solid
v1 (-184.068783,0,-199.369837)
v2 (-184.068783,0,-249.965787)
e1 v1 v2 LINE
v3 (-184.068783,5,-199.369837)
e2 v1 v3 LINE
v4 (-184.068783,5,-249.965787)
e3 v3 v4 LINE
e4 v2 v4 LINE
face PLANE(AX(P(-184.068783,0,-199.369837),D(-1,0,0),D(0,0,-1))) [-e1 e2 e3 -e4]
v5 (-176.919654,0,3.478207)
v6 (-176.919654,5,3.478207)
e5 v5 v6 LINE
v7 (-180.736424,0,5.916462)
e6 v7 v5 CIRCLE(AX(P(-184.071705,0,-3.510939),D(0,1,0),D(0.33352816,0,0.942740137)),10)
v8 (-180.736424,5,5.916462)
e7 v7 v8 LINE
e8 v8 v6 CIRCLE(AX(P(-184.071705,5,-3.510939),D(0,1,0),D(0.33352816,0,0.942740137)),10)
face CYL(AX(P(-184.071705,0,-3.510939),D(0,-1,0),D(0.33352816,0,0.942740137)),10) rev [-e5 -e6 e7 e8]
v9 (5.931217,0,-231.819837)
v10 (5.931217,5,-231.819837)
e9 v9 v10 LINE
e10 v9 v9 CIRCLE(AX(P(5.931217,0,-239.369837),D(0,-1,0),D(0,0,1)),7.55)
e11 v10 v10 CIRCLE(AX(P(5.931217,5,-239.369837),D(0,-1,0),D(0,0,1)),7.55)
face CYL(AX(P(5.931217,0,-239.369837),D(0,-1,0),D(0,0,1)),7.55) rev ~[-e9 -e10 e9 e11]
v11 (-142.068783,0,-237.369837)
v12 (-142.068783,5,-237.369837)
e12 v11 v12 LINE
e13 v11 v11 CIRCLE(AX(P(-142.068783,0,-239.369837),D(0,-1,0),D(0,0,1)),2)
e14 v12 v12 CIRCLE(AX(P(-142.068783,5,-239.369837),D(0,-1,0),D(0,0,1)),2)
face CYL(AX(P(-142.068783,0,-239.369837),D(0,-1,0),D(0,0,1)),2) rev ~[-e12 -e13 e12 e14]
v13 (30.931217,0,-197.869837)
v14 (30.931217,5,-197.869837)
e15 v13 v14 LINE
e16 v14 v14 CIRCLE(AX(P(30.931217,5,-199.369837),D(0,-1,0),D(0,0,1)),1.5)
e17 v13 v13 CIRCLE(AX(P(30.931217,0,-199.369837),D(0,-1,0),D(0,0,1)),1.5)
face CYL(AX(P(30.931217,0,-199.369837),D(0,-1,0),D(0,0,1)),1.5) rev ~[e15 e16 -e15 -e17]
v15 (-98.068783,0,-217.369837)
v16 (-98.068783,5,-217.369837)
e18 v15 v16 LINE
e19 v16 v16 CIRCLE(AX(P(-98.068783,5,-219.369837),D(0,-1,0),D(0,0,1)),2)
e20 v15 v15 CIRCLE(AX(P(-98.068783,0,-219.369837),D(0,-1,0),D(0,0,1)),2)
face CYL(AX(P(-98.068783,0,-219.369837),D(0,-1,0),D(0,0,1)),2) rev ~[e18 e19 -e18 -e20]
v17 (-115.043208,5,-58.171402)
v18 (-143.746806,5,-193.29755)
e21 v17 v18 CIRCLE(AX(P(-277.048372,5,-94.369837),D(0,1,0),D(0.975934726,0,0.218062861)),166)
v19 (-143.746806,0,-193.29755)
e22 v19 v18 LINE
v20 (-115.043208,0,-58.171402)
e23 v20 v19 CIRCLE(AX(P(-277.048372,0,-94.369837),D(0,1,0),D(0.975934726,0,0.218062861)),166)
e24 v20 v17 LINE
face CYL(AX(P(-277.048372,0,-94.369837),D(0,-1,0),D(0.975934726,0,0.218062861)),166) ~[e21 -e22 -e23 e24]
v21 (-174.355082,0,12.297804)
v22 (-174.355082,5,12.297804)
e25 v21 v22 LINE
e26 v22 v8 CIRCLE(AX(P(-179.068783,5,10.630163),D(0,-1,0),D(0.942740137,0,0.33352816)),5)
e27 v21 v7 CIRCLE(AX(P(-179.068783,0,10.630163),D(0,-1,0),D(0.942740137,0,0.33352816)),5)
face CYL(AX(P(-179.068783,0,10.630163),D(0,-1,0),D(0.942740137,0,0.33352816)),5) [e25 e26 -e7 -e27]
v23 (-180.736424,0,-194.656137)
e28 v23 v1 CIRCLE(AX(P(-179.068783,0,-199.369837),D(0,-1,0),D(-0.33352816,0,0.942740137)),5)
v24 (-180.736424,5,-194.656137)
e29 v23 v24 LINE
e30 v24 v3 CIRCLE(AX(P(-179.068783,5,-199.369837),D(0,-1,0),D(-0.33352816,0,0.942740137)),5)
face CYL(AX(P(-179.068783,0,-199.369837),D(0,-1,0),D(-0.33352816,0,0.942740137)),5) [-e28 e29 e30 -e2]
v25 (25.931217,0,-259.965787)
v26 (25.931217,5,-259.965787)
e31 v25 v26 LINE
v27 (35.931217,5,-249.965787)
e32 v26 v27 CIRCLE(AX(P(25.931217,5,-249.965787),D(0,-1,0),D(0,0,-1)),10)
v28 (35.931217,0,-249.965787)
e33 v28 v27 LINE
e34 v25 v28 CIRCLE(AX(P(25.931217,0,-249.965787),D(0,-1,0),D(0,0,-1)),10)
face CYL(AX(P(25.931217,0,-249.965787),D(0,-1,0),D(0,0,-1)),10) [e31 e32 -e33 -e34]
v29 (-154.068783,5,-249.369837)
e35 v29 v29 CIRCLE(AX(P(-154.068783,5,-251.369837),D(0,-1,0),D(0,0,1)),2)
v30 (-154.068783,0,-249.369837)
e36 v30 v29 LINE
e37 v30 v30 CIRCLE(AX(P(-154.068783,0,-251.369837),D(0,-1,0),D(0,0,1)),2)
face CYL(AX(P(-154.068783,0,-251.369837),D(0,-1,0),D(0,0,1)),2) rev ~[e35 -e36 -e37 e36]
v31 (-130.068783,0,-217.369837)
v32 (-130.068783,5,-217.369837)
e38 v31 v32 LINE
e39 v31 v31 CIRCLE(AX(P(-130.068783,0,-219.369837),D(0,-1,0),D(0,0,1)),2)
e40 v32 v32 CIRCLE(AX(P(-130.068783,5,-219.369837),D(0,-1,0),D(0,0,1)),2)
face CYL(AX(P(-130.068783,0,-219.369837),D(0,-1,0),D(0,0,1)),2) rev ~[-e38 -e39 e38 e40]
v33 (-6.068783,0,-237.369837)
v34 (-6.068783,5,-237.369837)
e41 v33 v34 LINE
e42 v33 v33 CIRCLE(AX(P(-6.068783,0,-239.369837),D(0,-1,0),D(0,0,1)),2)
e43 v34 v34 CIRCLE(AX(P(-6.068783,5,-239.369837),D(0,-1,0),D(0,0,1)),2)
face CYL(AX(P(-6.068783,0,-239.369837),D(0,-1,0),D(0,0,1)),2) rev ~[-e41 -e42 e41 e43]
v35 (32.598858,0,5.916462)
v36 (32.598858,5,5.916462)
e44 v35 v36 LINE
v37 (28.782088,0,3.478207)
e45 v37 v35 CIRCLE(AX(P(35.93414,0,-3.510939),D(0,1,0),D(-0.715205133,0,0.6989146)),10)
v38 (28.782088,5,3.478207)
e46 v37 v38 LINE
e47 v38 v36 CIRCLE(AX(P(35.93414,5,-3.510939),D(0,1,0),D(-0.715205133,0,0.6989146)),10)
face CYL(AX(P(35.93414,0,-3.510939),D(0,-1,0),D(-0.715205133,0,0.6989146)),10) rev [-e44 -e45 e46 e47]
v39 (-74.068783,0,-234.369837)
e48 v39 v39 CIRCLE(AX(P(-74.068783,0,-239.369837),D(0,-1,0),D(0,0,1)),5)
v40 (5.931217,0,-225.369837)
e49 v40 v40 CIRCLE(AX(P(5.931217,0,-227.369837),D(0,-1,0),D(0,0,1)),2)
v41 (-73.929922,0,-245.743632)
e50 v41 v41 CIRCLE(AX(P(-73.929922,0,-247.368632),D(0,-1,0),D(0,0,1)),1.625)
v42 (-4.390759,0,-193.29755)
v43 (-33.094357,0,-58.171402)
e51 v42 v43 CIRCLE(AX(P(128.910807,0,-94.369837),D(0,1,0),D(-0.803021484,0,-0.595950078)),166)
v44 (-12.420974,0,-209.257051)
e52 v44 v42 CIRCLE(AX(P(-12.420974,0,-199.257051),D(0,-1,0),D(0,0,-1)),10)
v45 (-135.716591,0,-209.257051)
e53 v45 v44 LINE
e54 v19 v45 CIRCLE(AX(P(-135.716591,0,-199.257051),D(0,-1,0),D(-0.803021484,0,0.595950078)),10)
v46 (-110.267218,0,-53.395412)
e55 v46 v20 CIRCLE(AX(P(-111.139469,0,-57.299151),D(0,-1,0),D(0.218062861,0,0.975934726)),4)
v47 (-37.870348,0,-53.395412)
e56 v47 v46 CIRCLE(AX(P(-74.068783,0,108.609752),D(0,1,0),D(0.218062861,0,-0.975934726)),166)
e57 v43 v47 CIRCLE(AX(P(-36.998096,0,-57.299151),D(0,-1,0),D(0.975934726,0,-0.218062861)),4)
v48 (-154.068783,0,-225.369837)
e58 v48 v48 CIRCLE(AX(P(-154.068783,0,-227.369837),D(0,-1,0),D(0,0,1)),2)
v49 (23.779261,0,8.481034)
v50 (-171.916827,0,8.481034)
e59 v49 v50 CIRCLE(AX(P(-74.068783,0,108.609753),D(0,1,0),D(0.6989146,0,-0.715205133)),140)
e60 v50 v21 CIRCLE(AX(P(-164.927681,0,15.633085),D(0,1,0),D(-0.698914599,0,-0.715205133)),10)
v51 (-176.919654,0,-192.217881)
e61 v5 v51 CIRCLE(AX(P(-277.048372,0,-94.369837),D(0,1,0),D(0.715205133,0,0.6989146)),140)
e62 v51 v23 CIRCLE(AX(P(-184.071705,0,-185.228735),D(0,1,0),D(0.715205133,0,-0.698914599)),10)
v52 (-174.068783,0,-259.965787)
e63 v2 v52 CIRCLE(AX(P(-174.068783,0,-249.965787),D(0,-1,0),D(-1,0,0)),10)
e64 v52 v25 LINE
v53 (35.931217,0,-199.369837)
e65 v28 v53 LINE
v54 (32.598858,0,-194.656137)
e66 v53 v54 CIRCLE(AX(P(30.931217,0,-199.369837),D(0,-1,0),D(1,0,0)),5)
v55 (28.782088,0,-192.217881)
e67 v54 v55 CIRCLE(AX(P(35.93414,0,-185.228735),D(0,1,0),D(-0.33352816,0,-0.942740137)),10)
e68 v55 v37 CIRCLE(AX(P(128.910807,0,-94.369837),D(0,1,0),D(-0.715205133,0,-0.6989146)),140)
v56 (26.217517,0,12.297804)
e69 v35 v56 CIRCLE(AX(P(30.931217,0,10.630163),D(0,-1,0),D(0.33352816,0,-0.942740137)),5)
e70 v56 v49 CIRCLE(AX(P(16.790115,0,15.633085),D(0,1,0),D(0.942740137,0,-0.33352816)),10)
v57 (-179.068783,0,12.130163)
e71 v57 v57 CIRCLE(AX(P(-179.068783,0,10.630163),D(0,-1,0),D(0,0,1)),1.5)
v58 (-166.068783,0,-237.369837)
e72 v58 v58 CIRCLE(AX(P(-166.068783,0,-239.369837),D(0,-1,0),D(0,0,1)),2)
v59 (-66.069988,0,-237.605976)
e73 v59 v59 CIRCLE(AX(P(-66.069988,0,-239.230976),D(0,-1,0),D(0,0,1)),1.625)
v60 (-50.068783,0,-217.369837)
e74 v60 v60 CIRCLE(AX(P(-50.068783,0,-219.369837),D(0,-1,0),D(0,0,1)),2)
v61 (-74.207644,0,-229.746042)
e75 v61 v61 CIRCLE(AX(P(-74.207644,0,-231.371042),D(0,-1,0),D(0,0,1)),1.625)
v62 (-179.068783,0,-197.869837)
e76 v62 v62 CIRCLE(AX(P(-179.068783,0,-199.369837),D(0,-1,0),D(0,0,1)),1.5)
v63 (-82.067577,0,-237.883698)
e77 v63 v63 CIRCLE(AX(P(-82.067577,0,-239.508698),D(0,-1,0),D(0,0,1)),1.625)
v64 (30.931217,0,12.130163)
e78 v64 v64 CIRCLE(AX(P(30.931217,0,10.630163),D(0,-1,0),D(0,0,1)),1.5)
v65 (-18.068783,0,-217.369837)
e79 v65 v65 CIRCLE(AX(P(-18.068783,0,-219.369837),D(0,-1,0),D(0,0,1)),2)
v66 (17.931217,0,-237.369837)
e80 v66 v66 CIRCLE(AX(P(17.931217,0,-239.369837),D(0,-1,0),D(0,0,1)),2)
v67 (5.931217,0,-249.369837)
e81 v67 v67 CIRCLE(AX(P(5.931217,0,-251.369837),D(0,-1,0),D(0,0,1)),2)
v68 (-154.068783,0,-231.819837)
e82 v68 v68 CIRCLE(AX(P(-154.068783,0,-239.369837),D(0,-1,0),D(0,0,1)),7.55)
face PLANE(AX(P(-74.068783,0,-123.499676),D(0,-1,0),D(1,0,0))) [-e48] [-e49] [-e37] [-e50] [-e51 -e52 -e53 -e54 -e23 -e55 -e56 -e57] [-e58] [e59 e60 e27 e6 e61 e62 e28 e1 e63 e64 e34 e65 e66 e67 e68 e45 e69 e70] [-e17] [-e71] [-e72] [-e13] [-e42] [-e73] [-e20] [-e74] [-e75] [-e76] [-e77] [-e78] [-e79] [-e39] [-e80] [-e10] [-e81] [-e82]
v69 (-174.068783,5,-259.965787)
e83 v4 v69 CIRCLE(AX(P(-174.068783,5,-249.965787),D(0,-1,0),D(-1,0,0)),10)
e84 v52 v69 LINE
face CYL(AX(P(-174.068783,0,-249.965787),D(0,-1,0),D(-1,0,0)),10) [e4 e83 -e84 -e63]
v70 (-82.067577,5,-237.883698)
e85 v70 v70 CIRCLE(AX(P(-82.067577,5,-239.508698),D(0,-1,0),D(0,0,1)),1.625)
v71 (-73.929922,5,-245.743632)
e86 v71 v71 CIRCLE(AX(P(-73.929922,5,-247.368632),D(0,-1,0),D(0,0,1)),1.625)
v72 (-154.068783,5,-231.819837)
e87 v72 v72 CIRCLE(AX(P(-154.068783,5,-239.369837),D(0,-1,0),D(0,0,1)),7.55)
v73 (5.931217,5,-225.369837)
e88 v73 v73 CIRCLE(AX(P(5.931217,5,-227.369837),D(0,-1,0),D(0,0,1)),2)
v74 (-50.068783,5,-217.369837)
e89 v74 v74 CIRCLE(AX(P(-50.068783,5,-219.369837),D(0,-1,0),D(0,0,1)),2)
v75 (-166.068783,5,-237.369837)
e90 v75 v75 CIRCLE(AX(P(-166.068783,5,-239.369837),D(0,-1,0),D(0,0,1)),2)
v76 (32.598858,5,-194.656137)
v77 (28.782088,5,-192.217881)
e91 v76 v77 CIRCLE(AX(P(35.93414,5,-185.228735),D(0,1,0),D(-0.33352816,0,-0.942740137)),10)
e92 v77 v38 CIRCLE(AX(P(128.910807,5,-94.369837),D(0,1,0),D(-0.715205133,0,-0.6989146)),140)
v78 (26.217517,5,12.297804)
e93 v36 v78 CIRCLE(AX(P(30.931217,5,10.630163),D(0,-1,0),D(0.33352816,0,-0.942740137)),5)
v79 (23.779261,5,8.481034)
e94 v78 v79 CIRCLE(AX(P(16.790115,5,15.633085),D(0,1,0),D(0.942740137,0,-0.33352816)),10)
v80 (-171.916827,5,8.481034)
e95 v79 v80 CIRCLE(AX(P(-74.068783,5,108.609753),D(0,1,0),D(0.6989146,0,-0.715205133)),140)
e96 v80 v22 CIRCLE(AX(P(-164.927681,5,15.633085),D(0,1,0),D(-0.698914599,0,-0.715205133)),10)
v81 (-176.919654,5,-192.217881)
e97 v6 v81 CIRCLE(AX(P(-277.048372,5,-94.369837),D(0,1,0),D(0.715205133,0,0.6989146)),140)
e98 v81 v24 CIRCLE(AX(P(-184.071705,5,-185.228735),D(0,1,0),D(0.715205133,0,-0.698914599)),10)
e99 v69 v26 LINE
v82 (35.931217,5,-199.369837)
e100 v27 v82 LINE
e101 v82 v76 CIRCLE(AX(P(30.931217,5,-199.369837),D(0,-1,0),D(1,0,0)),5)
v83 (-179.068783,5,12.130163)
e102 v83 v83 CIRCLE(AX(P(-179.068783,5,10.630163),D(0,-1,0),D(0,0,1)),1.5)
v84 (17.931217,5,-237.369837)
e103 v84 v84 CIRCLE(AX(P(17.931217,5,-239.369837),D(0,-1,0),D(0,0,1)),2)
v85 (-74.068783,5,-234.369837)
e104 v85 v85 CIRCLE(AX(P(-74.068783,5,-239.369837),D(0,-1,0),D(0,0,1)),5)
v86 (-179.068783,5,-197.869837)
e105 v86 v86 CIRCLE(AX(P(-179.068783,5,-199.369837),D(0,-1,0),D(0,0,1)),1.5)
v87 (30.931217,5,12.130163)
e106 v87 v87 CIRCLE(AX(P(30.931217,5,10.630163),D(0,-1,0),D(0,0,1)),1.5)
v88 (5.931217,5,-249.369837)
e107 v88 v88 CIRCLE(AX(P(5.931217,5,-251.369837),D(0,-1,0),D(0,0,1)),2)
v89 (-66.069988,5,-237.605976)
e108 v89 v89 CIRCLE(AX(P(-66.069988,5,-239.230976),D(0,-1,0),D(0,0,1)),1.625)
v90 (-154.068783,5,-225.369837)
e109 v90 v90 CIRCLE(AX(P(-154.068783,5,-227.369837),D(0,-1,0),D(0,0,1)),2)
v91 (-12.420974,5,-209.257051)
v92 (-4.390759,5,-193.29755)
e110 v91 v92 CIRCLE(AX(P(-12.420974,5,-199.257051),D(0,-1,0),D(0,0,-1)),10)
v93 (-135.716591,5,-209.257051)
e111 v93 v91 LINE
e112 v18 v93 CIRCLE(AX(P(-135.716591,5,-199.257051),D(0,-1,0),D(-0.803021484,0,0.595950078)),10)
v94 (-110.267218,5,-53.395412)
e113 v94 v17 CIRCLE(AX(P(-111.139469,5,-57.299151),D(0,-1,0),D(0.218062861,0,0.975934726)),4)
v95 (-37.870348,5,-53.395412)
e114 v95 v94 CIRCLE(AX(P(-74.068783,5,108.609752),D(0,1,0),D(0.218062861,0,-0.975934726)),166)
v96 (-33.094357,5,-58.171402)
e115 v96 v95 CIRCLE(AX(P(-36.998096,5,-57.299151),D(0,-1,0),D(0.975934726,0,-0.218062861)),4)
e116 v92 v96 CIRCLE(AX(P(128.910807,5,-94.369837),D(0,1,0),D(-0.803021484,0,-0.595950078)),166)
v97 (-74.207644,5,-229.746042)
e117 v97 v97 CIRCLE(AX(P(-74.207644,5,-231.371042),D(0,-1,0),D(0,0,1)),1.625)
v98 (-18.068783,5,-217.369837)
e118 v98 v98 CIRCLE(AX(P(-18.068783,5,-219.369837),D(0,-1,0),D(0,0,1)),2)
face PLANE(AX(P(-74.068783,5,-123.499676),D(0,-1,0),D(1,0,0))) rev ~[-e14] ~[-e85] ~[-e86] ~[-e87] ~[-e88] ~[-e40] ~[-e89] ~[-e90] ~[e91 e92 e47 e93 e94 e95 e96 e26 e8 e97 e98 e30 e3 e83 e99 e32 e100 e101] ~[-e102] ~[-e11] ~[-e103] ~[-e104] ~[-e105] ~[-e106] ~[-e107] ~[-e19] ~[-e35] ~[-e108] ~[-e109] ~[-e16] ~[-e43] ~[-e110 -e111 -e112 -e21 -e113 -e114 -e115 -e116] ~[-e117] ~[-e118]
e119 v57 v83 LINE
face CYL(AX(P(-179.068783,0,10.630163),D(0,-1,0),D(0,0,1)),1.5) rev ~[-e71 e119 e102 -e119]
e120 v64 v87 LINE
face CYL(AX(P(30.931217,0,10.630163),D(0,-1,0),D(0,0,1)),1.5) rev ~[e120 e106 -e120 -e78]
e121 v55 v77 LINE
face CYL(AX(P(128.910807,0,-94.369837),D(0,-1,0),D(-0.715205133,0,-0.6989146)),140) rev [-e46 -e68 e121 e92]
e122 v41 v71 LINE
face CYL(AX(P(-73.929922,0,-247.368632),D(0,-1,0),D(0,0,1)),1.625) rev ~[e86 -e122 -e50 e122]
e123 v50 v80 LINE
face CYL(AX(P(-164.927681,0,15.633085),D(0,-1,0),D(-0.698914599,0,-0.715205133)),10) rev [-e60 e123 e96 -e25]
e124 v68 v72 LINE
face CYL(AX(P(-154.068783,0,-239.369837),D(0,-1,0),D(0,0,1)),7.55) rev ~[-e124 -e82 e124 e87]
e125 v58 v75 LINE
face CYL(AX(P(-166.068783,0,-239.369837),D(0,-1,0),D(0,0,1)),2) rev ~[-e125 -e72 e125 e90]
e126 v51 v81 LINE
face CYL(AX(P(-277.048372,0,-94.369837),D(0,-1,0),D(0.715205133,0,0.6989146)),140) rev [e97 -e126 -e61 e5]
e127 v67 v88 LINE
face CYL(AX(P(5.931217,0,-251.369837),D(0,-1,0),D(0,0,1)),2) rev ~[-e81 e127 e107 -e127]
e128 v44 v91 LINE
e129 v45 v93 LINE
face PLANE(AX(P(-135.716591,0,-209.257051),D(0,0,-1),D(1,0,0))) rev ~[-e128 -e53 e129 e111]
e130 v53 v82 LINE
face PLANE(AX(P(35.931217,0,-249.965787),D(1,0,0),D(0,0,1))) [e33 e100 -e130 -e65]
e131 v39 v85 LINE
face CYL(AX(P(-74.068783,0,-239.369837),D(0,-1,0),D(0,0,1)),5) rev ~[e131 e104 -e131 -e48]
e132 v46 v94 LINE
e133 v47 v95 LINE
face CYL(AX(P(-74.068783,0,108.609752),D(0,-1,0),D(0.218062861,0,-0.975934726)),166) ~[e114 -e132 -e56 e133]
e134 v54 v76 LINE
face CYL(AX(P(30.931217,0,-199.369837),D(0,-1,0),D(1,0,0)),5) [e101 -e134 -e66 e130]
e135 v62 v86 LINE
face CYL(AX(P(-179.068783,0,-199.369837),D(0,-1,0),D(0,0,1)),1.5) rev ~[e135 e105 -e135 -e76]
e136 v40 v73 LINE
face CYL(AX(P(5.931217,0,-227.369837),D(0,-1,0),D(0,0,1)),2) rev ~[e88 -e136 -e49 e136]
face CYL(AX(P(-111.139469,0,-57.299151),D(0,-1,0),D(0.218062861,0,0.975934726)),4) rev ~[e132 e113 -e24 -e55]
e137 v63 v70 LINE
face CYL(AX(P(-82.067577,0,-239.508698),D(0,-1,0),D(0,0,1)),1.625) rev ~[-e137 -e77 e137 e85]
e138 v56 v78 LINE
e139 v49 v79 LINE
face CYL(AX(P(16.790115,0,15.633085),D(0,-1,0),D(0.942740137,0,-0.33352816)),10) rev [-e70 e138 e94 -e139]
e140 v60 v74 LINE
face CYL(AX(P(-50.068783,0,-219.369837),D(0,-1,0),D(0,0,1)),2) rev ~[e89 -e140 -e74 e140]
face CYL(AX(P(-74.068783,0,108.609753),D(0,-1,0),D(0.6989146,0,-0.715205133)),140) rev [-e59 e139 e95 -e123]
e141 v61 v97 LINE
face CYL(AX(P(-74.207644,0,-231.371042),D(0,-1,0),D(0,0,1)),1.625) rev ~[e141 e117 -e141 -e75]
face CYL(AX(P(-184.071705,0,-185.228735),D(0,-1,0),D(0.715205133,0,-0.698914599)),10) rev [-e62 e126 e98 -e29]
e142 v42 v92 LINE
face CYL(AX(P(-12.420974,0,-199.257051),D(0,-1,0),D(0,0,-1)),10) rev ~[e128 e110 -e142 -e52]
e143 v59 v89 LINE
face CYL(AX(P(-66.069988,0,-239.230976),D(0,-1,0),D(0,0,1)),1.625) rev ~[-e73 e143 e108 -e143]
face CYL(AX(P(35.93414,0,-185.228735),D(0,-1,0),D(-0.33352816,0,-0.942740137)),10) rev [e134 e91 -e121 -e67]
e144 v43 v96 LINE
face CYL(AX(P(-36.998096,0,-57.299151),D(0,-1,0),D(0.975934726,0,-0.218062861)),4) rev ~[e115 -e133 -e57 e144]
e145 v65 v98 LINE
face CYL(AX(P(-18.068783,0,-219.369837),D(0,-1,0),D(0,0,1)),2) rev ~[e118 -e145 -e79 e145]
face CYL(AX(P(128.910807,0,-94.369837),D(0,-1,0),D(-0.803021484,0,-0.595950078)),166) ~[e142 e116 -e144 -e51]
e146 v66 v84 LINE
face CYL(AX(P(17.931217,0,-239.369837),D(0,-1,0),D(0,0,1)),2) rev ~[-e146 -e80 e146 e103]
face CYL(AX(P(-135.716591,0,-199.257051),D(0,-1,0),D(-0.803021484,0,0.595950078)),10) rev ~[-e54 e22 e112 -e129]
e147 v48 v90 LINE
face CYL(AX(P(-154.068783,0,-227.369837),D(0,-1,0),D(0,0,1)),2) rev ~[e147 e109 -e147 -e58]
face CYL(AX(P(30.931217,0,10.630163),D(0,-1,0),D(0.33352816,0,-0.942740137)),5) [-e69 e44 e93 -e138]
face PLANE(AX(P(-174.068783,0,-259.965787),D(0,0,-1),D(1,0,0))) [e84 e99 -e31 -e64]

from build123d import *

# Parameters (mm, degrees)
SKETCH1_R           = 1.5
SKETCH1_R_2         = 5
SKETCH1_R_3         = 7.55
SKETCH1_R_4         = 2
SKETCH1_R_5         = 1.625
BOSS_EXTRUDE1_DEPTH = 5


with BuildPart() as part:
    # Sketch1 → Boss-Extrude1 (new body)
    with BuildSketch(Plane.XZ):
        with BuildLine():
            Line((-184.068782704, -199.369837197), (-184.068782704, -249.965787275))
            ThreePointArc((-184.068782704, -249.965787275), (-181.139850516, -257.036855087), (-174.068782704, -259.965787275))
            Line((-174.068782704, -259.965787275), (25.931217296, -259.965787275))
            ThreePointArc((25.931217296, -259.965787275), (33.002285108, -257.036855087), (35.931217296, -249.965787275))
            Line((35.931217296, -249.965787275), (35.931217296, -199.369837197))
            ThreePointArc((35.931217296, -199.369837197), (35.013998456, -196.483507693), (32.598858094, -194.65613651))
            ThreePointArc((32.598858094, -194.65613651), (30.55061758, -193.655934533), (28.782088358, -192.21788113))
            ThreePointArc((28.782088358, -192.21788113), (-11.089192992, -94.369837197), (28.782088358, 3.478206737))
            ThreePointArc((28.782088358, 3.478206737), (30.55061758, 4.916260139), (32.598858094, 5.916462116))
            ThreePointArc((32.598858094, 5.916462116), (34.466751202, 14.165696709), (26.217516609, 12.297803601))
            ThreePointArc((26.217516609, 12.297803601), (25.217314632, 10.249563087), (23.77926123, 8.481033865))
            ThreePointArc((23.77926123, 8.481033865), (-74.068782704, -31.390247486), (-171.916826637, 8.481033865))
            ThreePointArc((-171.916826637, 8.481033865), (-173.35488004, 10.249563087), (-174.355082017, 12.297803601))
            ThreePointArc((-174.355082017, 12.297803601), (-182.60431661, 14.165696709), (-180.736423502, 5.916462116))
            ThreePointArc((-180.736423502, 5.916462116), (-178.688182988, 4.916260139), (-176.919653766, 3.478206737))
            ThreePointArc((-176.919653766, 3.478206737), (-137.048372415, -94.369837197), (-176.919653766, -192.21788113))
            ThreePointArc((-176.919653766, -192.21788113), (-178.688182988, -193.655934533), (-180.736423502, -194.65613651))
            ThreePointArc((-180.736423502, -194.65613651), (-183.151563863, -196.483507693), (-184.068782704, -199.369837197))
        make_face()
        with Locations(Location((-179.068782704, -199.369837197, 0), (0, 0, 90))):
            Circle(SKETCH1_R, mode=Mode.SUBTRACT)
        with Locations(Location((-179.068782704, 10.630162803, 0), (0, 0, 90))):
            Circle(SKETCH1_R, mode=Mode.SUBTRACT)
        with Locations(Location((30.931217296, 10.630162803, 0), (0, 0, 90))):
            Circle(SKETCH1_R, mode=Mode.SUBTRACT)
        with Locations(Location((30.931217296, -199.369837197, 0), (0, 0, 90))):
            Circle(SKETCH1_R, mode=Mode.SUBTRACT)
        with Locations(Location((-74.068782704, -239.369837197, 0), (0, 0, 90))):
            Circle(SKETCH1_R_2, mode=Mode.SUBTRACT)
        with Locations(Location((5.931217296, -239.369837197, 0), (0, 0, 90))):
            Circle(SKETCH1_R_3, mode=Mode.SUBTRACT)
        with Locations(Location((-154.068782704, -239.369837197, 0), (0, 0, 90))):
            Circle(SKETCH1_R_3, mode=Mode.SUBTRACT)
        with Locations(Location((-154.068782704, -251.369837197, 0), (0, 0, 90))):
            Circle(SKETCH1_R_4, mode=Mode.SUBTRACT)
        with Locations(Location((-142.068782704, -239.369837197, 0), (0, 0, 90))):
            Circle(SKETCH1_R_4, mode=Mode.SUBTRACT)
        with Locations(Location((-154.068782704, -227.369837197, 0), (0, 0, 90))):
            Circle(SKETCH1_R_4, mode=Mode.SUBTRACT)
        with Locations(Location((-166.068782704, -239.369837197, 0), (0, 0, 90))):
            Circle(SKETCH1_R_4, mode=Mode.SUBTRACT)
        with Locations(Location((5.931217296, -251.369837197, 0), (0, 0, 90))):
            Circle(SKETCH1_R_4, mode=Mode.SUBTRACT)
        with Locations(Location((-6.068782704, -239.369837197, 0), (0, 0, 90))):
            Circle(SKETCH1_R_4, mode=Mode.SUBTRACT)
        with Locations(Location((5.931217296, -227.369837197, 0), (0, 0, 90))):
            Circle(SKETCH1_R_4, mode=Mode.SUBTRACT)
        with Locations(Location((17.931217296, -239.369837197, 0), (0, 0, 90))):
            Circle(SKETCH1_R_4, mode=Mode.SUBTRACT)
        with Locations(Location((-73.929921751, -247.368631958, 0), (0, 0, 90))):
            Circle(SKETCH1_R_5, mode=Mode.SUBTRACT)
        with Locations(Location((-66.069987942, -239.230976244, 0), (0, 0, 90))):
            Circle(SKETCH1_R_5, mode=Mode.SUBTRACT)
        with Locations(Location((-74.207643657, -231.371042435, 0), (0, 0, 90))):
            Circle(SKETCH1_R_5, mode=Mode.SUBTRACT)
        with Locations(Location((-82.067577465, -239.50869815, 0), (0, 0, 90))):
            Circle(SKETCH1_R_5, mode=Mode.SUBTRACT)
        with Locations(Location((-130.068782704, -219.369837197, 0), (0, 0, 90))):
            Circle(SKETCH1_R_4, mode=Mode.SUBTRACT)
        with Locations(Location((-98.068782704, -219.369837197, 0), (0, 0, 90))):
            Circle(SKETCH1_R_4, mode=Mode.SUBTRACT)
        with Locations(Location((-18.068782704, -219.369837197, 0), (0, 0, 90))):
            Circle(SKETCH1_R_4, mode=Mode.SUBTRACT)
        with Locations(Location((-50.068782704, -219.369837197, 0), (0, 0, 90))):
            Circle(SKETCH1_R_4, mode=Mode.SUBTRACT)
        with BuildLine():
            Line((-135.716591192, -209.257050985), (-12.420974216, -209.257050985))
            ThreePointArc((-12.420974216, -209.257050985), (-3.488029353, -203.751769673), (-4.390759374, -193.297550202))
            ThreePointArc((-4.390759374, -193.297550202), (-33.466178067, -128.862078617), (-33.094357447, -58.171402287))
            ThreePointArc((-33.094357447, -58.171402287), (-34.169669225, -54.470723718), (-37.870347793, -53.39541194))
            ThreePointArc((-37.870347793, -53.39541194), (-74.068782704, -57.390247486), (-110.267217614, -53.39541194))
            ThreePointArc((-110.267217614, -53.39541194), (-113.967896183, -54.470723718), (-115.04320796, -58.171402287))
            ThreePointArc((-115.04320796, -58.171402287), (-114.671387341, -128.862078617), (-143.746806034, -193.297550202))
            ThreePointArc((-143.746806034, -193.297550202), (-144.649536054, -203.751769673), (-135.716591192, -209.257050985))
        make_face(mode=Mode.SUBTRACT)
    extrude(amount=-BOSS_EXTRUDE1_DEPTH)


solid = part.part
